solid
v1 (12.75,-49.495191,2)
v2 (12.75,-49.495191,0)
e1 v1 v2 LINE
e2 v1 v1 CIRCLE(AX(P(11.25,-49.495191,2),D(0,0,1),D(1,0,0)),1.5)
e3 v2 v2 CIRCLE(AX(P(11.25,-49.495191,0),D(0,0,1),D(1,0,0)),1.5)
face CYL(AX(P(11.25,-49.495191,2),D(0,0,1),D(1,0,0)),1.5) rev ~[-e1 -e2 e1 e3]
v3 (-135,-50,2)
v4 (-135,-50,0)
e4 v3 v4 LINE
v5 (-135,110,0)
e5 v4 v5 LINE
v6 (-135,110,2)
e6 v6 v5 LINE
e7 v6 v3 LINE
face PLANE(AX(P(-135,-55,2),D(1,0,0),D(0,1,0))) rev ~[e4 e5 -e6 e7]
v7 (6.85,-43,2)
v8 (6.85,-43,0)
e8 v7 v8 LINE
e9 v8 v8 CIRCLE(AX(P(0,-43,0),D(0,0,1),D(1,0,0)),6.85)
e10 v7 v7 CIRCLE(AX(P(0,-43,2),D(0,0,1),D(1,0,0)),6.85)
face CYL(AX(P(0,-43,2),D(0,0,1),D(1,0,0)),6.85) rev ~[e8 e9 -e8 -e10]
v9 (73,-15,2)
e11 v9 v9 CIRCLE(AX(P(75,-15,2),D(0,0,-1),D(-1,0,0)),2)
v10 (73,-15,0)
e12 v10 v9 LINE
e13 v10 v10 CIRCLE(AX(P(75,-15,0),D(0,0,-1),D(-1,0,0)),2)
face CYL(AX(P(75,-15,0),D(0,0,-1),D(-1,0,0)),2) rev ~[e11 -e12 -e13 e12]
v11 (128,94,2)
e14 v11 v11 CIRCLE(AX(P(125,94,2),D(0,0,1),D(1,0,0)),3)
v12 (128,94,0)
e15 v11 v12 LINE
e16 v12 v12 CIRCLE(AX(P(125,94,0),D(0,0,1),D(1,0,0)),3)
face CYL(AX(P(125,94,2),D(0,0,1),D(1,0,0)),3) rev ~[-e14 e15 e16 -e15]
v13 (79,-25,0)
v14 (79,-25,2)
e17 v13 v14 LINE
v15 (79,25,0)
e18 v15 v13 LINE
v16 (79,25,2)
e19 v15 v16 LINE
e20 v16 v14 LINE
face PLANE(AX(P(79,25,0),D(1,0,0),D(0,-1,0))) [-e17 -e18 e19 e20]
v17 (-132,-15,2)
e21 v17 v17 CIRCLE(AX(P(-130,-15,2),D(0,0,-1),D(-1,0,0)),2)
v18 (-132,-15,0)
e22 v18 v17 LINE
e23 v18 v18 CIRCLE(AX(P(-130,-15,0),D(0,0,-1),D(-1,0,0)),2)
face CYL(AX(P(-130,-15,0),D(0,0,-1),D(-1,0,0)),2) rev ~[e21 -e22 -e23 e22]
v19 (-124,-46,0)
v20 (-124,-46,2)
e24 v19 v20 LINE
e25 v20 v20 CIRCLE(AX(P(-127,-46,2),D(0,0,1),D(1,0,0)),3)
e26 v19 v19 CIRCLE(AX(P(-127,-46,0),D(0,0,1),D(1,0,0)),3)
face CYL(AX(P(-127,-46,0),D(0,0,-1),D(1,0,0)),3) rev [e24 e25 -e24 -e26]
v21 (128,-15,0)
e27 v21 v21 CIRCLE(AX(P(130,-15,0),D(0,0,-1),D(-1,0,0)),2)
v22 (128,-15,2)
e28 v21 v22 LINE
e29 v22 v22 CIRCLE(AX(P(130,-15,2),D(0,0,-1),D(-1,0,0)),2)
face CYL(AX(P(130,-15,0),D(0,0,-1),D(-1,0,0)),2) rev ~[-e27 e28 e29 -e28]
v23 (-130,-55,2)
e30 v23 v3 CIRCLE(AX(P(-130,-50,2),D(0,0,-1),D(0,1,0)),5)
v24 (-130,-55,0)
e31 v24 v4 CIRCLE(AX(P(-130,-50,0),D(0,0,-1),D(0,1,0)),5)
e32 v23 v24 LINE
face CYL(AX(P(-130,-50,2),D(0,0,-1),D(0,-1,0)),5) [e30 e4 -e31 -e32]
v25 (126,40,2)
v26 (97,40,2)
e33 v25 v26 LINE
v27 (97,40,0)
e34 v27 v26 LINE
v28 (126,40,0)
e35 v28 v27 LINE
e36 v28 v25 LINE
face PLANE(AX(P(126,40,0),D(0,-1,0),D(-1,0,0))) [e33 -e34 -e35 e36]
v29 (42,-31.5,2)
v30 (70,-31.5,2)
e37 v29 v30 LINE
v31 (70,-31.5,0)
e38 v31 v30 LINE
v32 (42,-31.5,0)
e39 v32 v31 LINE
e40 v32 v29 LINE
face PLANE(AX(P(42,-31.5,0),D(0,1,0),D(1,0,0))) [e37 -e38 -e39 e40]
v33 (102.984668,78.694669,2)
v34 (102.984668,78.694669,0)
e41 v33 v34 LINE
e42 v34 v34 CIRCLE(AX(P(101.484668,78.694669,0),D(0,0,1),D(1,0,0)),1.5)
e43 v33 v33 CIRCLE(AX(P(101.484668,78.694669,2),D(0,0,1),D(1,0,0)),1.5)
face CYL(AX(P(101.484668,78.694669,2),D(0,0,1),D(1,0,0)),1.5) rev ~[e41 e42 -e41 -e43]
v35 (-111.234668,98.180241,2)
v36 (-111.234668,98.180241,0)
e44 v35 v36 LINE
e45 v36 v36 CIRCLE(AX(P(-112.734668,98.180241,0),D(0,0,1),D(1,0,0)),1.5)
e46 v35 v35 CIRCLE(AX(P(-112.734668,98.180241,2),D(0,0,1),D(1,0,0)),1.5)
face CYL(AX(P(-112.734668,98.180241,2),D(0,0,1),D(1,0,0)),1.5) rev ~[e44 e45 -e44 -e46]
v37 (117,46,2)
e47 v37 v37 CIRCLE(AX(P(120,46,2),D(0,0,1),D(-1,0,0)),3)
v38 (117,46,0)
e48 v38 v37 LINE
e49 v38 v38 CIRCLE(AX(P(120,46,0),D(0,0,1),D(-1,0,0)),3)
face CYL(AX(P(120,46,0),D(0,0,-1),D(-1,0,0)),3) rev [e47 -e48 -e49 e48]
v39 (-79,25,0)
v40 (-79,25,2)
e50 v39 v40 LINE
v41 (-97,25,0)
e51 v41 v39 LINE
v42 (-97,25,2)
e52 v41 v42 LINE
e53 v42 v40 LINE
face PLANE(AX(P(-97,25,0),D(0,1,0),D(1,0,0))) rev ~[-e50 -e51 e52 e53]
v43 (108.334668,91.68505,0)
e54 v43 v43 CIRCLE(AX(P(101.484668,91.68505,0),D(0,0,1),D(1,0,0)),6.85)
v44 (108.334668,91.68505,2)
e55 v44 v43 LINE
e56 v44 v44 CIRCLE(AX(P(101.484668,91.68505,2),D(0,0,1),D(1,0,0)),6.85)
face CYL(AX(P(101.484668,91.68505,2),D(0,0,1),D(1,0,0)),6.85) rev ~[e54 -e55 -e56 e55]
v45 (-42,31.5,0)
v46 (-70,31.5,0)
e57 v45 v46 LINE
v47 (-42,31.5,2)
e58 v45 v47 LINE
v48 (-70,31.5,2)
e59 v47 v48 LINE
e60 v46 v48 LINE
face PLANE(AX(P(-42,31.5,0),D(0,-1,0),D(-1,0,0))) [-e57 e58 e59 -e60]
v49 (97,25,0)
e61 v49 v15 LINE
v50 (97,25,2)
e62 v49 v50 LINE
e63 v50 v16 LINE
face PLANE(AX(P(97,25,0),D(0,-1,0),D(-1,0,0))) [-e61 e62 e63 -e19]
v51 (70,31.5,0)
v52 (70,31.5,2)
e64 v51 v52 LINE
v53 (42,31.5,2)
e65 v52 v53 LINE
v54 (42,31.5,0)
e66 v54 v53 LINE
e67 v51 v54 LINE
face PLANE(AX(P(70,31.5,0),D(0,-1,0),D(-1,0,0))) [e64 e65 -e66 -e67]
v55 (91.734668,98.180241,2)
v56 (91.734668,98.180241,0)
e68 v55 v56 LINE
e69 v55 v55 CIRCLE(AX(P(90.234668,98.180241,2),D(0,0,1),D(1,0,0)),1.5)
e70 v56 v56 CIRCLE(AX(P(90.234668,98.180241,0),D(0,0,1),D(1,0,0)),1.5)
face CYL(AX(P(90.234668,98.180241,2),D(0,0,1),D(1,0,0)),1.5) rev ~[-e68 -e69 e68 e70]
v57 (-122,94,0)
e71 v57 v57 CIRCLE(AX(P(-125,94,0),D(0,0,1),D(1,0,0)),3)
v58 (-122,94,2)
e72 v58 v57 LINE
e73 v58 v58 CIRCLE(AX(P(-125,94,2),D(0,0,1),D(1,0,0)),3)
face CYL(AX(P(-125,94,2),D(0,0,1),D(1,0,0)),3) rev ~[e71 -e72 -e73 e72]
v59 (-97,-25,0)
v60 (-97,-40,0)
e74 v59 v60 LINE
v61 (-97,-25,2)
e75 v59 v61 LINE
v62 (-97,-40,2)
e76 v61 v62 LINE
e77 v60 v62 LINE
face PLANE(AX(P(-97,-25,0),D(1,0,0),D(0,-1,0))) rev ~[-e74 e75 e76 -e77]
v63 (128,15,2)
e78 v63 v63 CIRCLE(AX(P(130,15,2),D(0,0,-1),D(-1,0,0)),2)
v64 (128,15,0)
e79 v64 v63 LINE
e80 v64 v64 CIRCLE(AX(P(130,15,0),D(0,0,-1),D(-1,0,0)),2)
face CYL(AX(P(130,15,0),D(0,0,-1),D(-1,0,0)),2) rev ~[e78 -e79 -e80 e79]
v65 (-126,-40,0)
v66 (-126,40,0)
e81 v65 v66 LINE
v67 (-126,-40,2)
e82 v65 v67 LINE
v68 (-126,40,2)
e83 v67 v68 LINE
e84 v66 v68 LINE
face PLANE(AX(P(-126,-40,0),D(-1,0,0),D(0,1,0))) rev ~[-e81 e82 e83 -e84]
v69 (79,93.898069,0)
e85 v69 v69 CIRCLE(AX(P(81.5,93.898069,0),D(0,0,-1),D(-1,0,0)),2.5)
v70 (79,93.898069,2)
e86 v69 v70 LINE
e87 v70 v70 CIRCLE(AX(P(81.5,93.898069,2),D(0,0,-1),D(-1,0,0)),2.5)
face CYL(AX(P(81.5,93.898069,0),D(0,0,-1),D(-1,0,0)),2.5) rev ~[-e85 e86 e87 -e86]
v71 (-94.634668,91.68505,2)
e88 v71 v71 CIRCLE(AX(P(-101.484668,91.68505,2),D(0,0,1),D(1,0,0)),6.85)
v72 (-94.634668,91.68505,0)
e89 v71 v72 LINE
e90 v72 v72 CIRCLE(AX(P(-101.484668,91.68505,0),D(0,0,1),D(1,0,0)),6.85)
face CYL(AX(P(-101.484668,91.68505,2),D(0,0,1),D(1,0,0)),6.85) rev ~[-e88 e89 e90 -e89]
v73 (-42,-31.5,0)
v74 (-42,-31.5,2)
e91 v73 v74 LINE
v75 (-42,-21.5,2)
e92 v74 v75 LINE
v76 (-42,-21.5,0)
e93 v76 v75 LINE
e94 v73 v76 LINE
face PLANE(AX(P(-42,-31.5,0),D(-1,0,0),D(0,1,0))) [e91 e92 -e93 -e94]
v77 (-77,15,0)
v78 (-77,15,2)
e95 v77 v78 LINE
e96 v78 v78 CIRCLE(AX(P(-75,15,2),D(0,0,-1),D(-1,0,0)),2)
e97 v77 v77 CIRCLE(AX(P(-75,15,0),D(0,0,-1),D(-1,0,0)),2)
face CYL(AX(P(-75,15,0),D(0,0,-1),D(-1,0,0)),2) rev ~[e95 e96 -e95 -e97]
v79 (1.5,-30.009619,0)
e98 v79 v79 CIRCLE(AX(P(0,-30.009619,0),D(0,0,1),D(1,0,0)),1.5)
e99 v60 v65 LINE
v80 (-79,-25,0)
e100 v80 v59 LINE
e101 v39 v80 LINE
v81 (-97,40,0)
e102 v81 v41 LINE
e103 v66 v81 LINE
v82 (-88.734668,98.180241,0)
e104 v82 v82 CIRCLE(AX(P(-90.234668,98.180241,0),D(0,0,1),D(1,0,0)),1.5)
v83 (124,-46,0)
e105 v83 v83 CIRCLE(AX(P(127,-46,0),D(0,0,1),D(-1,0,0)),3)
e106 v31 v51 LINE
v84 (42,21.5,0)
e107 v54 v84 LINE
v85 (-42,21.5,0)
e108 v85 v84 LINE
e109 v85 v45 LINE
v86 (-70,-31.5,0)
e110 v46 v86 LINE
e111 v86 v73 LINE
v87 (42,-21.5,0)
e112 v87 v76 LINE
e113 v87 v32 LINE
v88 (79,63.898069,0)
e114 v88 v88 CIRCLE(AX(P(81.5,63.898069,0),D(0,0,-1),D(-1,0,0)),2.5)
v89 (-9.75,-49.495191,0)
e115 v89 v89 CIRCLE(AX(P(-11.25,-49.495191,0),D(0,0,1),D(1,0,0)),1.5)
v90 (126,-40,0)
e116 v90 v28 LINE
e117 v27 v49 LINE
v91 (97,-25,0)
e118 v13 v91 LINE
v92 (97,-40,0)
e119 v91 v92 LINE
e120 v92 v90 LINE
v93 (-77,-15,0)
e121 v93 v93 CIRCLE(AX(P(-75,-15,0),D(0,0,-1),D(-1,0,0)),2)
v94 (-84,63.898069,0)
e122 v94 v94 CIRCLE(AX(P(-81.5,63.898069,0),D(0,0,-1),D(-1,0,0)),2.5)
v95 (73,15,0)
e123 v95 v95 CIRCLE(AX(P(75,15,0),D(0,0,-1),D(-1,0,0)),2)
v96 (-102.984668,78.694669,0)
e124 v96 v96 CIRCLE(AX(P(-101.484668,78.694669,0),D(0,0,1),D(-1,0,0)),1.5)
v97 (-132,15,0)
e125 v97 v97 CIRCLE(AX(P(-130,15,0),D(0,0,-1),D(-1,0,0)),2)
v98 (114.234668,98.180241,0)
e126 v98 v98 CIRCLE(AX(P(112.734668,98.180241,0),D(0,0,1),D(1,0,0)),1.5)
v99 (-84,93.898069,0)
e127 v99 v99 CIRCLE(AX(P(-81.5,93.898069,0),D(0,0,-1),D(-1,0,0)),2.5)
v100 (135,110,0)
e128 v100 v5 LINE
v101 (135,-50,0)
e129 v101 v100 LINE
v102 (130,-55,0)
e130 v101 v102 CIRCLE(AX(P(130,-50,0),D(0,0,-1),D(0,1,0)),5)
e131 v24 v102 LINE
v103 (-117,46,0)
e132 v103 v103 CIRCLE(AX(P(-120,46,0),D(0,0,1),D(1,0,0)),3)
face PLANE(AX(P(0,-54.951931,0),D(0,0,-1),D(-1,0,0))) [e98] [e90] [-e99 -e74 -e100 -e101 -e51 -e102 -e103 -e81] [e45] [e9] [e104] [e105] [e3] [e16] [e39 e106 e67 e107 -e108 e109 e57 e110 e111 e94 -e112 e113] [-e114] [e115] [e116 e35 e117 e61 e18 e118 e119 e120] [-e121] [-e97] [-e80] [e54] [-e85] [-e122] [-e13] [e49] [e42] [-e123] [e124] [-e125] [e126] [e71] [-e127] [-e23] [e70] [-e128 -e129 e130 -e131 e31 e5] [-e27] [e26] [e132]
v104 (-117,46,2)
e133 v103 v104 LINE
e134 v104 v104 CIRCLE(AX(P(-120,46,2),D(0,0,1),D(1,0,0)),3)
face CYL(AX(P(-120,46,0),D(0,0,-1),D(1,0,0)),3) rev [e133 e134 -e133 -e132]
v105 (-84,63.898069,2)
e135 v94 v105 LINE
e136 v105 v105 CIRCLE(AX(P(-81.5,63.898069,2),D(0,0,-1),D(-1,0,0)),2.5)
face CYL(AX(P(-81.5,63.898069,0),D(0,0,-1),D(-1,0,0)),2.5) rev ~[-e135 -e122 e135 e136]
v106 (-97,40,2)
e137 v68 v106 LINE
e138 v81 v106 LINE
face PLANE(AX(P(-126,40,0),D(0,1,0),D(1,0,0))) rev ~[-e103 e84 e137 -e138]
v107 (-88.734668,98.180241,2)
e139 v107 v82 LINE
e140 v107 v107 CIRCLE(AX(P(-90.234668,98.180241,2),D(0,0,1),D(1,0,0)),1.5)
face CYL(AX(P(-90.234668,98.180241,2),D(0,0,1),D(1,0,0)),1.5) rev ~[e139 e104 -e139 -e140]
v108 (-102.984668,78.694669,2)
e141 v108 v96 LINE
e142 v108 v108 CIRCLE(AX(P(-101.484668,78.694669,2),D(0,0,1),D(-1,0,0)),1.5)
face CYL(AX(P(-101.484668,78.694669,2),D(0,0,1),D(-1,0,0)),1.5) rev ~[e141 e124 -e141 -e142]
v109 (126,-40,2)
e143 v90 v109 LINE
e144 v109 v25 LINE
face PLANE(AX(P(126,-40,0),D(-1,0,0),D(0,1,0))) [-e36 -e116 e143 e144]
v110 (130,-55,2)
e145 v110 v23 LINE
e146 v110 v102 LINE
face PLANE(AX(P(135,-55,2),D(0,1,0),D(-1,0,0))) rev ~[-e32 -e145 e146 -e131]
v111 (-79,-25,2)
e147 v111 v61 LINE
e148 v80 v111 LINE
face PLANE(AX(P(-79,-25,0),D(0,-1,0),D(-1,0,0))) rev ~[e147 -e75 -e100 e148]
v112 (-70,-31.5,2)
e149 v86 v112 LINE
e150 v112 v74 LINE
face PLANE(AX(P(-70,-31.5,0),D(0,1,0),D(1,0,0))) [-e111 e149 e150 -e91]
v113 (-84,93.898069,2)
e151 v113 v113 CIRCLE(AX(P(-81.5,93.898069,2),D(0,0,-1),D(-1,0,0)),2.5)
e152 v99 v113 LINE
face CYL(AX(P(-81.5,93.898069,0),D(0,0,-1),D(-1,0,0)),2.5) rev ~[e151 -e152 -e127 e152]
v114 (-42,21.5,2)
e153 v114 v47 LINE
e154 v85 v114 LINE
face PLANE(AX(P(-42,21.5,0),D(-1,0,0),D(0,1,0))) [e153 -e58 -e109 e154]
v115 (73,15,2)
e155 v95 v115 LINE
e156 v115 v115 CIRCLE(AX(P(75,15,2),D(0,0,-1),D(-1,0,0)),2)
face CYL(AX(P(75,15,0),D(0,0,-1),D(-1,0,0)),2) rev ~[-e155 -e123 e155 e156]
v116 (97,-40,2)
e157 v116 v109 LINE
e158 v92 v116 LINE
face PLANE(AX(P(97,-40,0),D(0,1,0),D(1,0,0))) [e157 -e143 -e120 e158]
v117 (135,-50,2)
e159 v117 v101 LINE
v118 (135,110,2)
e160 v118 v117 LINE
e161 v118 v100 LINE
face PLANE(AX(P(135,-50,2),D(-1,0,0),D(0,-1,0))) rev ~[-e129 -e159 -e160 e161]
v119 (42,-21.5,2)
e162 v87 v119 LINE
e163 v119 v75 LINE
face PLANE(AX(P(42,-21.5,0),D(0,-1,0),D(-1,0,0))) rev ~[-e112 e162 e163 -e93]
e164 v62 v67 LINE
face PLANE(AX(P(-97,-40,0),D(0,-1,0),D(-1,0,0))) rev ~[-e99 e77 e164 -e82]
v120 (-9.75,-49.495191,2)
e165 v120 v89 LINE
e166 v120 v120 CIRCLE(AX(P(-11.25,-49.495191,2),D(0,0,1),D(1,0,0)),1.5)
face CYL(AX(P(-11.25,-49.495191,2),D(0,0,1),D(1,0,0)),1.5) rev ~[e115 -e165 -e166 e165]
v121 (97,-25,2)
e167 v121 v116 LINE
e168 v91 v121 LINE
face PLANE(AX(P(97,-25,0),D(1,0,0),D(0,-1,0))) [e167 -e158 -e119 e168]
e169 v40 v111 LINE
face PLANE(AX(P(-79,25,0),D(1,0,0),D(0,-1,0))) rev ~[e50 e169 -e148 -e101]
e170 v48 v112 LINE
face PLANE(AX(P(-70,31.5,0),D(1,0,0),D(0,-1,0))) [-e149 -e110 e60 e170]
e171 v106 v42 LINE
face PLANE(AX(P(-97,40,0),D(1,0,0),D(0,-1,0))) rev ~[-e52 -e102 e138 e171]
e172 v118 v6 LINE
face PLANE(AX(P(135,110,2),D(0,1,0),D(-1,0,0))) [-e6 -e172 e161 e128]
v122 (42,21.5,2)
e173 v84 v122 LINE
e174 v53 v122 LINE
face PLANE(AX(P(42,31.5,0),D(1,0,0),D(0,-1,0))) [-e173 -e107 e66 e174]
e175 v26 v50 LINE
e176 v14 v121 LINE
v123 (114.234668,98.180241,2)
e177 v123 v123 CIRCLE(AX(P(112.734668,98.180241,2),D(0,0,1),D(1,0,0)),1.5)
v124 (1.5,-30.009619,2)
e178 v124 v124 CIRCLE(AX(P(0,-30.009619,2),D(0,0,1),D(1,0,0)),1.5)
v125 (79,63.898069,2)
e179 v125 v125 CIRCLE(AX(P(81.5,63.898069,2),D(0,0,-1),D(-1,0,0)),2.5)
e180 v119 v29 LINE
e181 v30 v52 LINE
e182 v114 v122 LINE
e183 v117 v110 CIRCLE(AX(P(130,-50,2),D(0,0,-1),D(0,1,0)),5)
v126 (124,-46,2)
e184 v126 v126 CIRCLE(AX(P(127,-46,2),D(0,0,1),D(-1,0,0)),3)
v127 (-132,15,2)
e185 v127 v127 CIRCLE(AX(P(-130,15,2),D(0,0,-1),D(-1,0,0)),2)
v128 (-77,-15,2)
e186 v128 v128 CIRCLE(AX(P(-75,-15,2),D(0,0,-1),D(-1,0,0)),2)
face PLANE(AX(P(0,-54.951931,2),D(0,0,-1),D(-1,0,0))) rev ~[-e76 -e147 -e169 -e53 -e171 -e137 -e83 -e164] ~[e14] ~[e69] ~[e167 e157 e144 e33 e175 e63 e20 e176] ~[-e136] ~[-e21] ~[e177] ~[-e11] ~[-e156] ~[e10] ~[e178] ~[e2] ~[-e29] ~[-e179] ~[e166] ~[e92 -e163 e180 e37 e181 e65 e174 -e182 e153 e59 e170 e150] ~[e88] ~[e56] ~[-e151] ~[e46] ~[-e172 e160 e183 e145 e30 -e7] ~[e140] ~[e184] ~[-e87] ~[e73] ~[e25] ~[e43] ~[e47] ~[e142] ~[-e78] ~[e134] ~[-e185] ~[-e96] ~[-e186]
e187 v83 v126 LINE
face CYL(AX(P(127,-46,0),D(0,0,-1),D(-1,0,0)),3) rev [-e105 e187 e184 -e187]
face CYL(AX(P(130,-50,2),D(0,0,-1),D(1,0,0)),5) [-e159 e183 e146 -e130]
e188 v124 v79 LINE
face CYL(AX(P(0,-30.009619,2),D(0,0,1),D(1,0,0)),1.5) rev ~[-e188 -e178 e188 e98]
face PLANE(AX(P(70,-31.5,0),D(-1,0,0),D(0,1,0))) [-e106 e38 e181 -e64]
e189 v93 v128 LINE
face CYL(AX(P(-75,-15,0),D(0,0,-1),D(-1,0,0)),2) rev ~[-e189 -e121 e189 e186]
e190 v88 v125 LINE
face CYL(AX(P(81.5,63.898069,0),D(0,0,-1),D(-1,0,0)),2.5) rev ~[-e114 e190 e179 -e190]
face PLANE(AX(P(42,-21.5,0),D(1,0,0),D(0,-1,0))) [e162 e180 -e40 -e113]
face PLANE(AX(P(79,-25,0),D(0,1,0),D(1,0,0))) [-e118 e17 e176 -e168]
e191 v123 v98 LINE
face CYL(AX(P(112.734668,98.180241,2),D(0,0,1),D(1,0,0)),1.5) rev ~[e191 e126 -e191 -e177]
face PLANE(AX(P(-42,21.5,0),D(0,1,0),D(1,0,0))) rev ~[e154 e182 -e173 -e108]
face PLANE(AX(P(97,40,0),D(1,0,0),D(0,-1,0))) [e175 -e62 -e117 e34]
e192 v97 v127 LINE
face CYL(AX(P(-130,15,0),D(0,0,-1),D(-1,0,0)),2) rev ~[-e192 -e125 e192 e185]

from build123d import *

# Parameters (mm, degrees)
SKETCH1_R             = 3
BOSS_EXTRUDE1_DEPTH   = 2
SKETCH6_R             = 3
BOSS_EXTRUDE2_DEPTH   = 2
BOSS_EXTRUDE2_2_DEPTH = 2
SKETCH7_R             = 1.5
SKETCH7_R_2           = 6.85
CUT_EXTRUDE4_DEPTH    = 10
SKETCH8_R             = 2
CUT_EXTRUDE5_DEPTH    = 175.152232257
SKETCH9_R             = 2.5
CUT_EXTRUDE6_DEPTH    = 10
CUT_EXTRUDE7_DEPTH    = 10
FILLET1_R             = 5


with BuildPart() as part:
    # Sketch1 → Boss-Extrude1 (new body)
    with BuildSketch(Plane.XY):
        Polygon((-135, -20.635083269), (-135, -50), (135, -50), (135, -20.635083269), (135, 40), (135, 50), (-135, 50), (-135, 40), align=None)
        with Locations((-127, -46)):
            Circle(SKETCH1_R, mode=Mode.SUBTRACT)
        with Locations((-120, 46)):
            Circle(SKETCH1_R, mode=Mode.SUBTRACT)
        with Locations((120, 46)):
            Circle(SKETCH1_R, mode=Mode.SUBTRACT)
        with Locations((127, -46)):
            Circle(SKETCH1_R, mode=Mode.SUBTRACT)
        Polygon((-126, 40), (-97, 40), (-97, 25), (-79, 25), (-79, -25), (-97, -25), (-97, -40), (-126, -40), align=None, mode=Mode.SUBTRACT)
        Polygon((-70, -31.5), (-42, -31.5), (-42, -21.5), (-4, -21.5), (4, -21.5), (42, -21.5), (42, -31.5), (70, -31.5), (70, 31.5), (42, 31.5), (42, 21.5), (4, 21.5), (-4, 21.5), (-42, 21.5), (-42, 31.5), (-70, 31.5), align=None, mode=Mode.SUBTRACT)
        Polygon((97, -40), (126, -40), (126, 40), (97, 40), (97, 25), (79, 25), (79, -25), (97, -25), align=None, mode=Mode.SUBTRACT)
    extrude(amount=BOSS_EXTRUDE1_DEPTH)


with BuildPart() as body_2:
    # Sketch6 → Boss-Extrude2 (new body)
    with BuildSketch(Plane.XY.offset(2)):
        Polygon((75, 110), (135, 110), (135, 50), (-135, 50), (-135, 110), align=None)
        with Locations((-125, 94)):
            Circle(SKETCH6_R, mode=Mode.SUBTRACT)
        with Locations((125, 94)):
            Circle(SKETCH6_R, mode=Mode.SUBTRACT)
    extrude(amount=-BOSS_EXTRUDE2_DEPTH)

    # Combine1: union part
    add(part.part)


with BuildPart() as body_3:
    # Sketch6 → Boss-Extrude2 2 (new body)
    with BuildSketch(Plane.XY.offset(2)):
        with BuildLine():
            Line((-135, -50), (135, -50))
            Line((135, -50), (135, -55))
            ThreePointArc((135, -55), (133.535533906, -58.535533906), (130, -60))
            Line((130, -60), (-130, -60))
            ThreePointArc((-130, -60), (-133.535533906, -58.535533906), (-135, -55))
            Line((-135, -55), (-135, -50))
        make_face()
    extrude(amount=-BOSS_EXTRUDE2_2_DEPTH)


with BuildPart() as body_2_1:
    add(body_2.part)

    # Combine2: union body 3
    add(body_3.part)

    # Sketch7 → Cut-Extrude4 (cut)
    with BuildSketch(Plane.XY.offset(2)):
        with Locations((11.25, -49.495190528)):
            Circle(SKETCH7_R)
        with Locations((-11.25, -49.495190528)):
            Circle(SKETCH7_R)
        with Locations((0, -30.009618943)):
            Circle(SKETCH7_R)
        with Locations((90.234667928, 98.180240786)):
            Circle(SKETCH7_R)
        with Locations((0, -43)):
            Circle(SKETCH7_R_2)
        with Locations((112.734667928, 98.180240786)):
            Circle(SKETCH7_R)
        with Locations((101.484667928, 78.6946692)):
            Circle(SKETCH7_R)
        with Locations((101.484667928, 91.685050257)):
            Circle(SKETCH7_R_2)
        with Locations((-101.484667928, 91.685050257)):
            Circle(SKETCH7_R_2)
        with Locations((-101.484667928, 78.6946692)):
            Circle(SKETCH7_R)
        with Locations((-112.734667928, 98.180240786)):
            Circle(SKETCH7_R)
        with Locations((-90.234667928, 98.180240786)):
            Circle(SKETCH7_R)
    extrude(amount=-CUT_EXTRUDE4_DEPTH, mode=Mode.SUBTRACT)

    # Sketch8 → Cut-Extrude5 (cut, through all)
    with BuildSketch(Plane(origin=(0, 0, 0), x_dir=(-1, 0, 0), z_dir=(0, 0, -1))):
        with Locations((-130, -15)):
            Circle(SKETCH8_R)
        with Locations((-130, 15)):
            Circle(SKETCH8_R)
        with Locations((-75, -15)):
            Circle(SKETCH8_R)
        with Locations((-75, 15)):
            Circle(SKETCH8_R)
        with Locations((75, -15)):
            Circle(SKETCH8_R)
        with Locations((75, 15)):
            Circle(SKETCH8_R)
        with Locations((130, -15)):
            Circle(SKETCH8_R)
        with Locations((130, 15)):
            Circle(SKETCH8_R)
    extrude(amount=-CUT_EXTRUDE5_DEPTH, mode=Mode.SUBTRACT)

    # Sketch9 → Cut-Extrude6 (cut)
    with BuildSketch(Plane(origin=(0, 0, 0), x_dir=(-1, 0, 0), z_dir=(0, 0, -1))):
        with Locations((81.5, 93.898069018)):
            Circle(SKETCH9_R)
        with Locations((81.5, 63.898069018)):
            Circle(SKETCH9_R)
        with Locations((-81.5, 93.898069018)):
            Circle(SKETCH9_R)
        with Locations((-81.5, 63.898069018)):
            Circle(SKETCH9_R)
    extrude(amount=-CUT_EXTRUDE6_DEPTH, mode=Mode.SUBTRACT)

    # Sketch10 → Cut-Extrude7 (cut)
    with BuildSketch(Plane.XY.offset(2)):
        with BuildLine():
            Line((-130, -60), (130, -60))
            ThreePointArc((130, -60), (133.535533906, -58.535533906), (135, -55))
            Line((135, -55), (-135, -55))
            ThreePointArc((-135, -55), (-133.535533906, -58.535533906), (-130, -60))
        make_face()
    extrude(amount=-CUT_EXTRUDE7_DEPTH, mode=Mode.SUBTRACT)

    # Fillet1
    fillet1_edges = [body_2_1.edges().sort_by_distance(p)[0] for p in [
        (135, -55, 1),
        (-135, -55, 1),
    ]]
    fillet(fillet1_edges, radius=FILLET1_R)


solid = body_2_1.part
